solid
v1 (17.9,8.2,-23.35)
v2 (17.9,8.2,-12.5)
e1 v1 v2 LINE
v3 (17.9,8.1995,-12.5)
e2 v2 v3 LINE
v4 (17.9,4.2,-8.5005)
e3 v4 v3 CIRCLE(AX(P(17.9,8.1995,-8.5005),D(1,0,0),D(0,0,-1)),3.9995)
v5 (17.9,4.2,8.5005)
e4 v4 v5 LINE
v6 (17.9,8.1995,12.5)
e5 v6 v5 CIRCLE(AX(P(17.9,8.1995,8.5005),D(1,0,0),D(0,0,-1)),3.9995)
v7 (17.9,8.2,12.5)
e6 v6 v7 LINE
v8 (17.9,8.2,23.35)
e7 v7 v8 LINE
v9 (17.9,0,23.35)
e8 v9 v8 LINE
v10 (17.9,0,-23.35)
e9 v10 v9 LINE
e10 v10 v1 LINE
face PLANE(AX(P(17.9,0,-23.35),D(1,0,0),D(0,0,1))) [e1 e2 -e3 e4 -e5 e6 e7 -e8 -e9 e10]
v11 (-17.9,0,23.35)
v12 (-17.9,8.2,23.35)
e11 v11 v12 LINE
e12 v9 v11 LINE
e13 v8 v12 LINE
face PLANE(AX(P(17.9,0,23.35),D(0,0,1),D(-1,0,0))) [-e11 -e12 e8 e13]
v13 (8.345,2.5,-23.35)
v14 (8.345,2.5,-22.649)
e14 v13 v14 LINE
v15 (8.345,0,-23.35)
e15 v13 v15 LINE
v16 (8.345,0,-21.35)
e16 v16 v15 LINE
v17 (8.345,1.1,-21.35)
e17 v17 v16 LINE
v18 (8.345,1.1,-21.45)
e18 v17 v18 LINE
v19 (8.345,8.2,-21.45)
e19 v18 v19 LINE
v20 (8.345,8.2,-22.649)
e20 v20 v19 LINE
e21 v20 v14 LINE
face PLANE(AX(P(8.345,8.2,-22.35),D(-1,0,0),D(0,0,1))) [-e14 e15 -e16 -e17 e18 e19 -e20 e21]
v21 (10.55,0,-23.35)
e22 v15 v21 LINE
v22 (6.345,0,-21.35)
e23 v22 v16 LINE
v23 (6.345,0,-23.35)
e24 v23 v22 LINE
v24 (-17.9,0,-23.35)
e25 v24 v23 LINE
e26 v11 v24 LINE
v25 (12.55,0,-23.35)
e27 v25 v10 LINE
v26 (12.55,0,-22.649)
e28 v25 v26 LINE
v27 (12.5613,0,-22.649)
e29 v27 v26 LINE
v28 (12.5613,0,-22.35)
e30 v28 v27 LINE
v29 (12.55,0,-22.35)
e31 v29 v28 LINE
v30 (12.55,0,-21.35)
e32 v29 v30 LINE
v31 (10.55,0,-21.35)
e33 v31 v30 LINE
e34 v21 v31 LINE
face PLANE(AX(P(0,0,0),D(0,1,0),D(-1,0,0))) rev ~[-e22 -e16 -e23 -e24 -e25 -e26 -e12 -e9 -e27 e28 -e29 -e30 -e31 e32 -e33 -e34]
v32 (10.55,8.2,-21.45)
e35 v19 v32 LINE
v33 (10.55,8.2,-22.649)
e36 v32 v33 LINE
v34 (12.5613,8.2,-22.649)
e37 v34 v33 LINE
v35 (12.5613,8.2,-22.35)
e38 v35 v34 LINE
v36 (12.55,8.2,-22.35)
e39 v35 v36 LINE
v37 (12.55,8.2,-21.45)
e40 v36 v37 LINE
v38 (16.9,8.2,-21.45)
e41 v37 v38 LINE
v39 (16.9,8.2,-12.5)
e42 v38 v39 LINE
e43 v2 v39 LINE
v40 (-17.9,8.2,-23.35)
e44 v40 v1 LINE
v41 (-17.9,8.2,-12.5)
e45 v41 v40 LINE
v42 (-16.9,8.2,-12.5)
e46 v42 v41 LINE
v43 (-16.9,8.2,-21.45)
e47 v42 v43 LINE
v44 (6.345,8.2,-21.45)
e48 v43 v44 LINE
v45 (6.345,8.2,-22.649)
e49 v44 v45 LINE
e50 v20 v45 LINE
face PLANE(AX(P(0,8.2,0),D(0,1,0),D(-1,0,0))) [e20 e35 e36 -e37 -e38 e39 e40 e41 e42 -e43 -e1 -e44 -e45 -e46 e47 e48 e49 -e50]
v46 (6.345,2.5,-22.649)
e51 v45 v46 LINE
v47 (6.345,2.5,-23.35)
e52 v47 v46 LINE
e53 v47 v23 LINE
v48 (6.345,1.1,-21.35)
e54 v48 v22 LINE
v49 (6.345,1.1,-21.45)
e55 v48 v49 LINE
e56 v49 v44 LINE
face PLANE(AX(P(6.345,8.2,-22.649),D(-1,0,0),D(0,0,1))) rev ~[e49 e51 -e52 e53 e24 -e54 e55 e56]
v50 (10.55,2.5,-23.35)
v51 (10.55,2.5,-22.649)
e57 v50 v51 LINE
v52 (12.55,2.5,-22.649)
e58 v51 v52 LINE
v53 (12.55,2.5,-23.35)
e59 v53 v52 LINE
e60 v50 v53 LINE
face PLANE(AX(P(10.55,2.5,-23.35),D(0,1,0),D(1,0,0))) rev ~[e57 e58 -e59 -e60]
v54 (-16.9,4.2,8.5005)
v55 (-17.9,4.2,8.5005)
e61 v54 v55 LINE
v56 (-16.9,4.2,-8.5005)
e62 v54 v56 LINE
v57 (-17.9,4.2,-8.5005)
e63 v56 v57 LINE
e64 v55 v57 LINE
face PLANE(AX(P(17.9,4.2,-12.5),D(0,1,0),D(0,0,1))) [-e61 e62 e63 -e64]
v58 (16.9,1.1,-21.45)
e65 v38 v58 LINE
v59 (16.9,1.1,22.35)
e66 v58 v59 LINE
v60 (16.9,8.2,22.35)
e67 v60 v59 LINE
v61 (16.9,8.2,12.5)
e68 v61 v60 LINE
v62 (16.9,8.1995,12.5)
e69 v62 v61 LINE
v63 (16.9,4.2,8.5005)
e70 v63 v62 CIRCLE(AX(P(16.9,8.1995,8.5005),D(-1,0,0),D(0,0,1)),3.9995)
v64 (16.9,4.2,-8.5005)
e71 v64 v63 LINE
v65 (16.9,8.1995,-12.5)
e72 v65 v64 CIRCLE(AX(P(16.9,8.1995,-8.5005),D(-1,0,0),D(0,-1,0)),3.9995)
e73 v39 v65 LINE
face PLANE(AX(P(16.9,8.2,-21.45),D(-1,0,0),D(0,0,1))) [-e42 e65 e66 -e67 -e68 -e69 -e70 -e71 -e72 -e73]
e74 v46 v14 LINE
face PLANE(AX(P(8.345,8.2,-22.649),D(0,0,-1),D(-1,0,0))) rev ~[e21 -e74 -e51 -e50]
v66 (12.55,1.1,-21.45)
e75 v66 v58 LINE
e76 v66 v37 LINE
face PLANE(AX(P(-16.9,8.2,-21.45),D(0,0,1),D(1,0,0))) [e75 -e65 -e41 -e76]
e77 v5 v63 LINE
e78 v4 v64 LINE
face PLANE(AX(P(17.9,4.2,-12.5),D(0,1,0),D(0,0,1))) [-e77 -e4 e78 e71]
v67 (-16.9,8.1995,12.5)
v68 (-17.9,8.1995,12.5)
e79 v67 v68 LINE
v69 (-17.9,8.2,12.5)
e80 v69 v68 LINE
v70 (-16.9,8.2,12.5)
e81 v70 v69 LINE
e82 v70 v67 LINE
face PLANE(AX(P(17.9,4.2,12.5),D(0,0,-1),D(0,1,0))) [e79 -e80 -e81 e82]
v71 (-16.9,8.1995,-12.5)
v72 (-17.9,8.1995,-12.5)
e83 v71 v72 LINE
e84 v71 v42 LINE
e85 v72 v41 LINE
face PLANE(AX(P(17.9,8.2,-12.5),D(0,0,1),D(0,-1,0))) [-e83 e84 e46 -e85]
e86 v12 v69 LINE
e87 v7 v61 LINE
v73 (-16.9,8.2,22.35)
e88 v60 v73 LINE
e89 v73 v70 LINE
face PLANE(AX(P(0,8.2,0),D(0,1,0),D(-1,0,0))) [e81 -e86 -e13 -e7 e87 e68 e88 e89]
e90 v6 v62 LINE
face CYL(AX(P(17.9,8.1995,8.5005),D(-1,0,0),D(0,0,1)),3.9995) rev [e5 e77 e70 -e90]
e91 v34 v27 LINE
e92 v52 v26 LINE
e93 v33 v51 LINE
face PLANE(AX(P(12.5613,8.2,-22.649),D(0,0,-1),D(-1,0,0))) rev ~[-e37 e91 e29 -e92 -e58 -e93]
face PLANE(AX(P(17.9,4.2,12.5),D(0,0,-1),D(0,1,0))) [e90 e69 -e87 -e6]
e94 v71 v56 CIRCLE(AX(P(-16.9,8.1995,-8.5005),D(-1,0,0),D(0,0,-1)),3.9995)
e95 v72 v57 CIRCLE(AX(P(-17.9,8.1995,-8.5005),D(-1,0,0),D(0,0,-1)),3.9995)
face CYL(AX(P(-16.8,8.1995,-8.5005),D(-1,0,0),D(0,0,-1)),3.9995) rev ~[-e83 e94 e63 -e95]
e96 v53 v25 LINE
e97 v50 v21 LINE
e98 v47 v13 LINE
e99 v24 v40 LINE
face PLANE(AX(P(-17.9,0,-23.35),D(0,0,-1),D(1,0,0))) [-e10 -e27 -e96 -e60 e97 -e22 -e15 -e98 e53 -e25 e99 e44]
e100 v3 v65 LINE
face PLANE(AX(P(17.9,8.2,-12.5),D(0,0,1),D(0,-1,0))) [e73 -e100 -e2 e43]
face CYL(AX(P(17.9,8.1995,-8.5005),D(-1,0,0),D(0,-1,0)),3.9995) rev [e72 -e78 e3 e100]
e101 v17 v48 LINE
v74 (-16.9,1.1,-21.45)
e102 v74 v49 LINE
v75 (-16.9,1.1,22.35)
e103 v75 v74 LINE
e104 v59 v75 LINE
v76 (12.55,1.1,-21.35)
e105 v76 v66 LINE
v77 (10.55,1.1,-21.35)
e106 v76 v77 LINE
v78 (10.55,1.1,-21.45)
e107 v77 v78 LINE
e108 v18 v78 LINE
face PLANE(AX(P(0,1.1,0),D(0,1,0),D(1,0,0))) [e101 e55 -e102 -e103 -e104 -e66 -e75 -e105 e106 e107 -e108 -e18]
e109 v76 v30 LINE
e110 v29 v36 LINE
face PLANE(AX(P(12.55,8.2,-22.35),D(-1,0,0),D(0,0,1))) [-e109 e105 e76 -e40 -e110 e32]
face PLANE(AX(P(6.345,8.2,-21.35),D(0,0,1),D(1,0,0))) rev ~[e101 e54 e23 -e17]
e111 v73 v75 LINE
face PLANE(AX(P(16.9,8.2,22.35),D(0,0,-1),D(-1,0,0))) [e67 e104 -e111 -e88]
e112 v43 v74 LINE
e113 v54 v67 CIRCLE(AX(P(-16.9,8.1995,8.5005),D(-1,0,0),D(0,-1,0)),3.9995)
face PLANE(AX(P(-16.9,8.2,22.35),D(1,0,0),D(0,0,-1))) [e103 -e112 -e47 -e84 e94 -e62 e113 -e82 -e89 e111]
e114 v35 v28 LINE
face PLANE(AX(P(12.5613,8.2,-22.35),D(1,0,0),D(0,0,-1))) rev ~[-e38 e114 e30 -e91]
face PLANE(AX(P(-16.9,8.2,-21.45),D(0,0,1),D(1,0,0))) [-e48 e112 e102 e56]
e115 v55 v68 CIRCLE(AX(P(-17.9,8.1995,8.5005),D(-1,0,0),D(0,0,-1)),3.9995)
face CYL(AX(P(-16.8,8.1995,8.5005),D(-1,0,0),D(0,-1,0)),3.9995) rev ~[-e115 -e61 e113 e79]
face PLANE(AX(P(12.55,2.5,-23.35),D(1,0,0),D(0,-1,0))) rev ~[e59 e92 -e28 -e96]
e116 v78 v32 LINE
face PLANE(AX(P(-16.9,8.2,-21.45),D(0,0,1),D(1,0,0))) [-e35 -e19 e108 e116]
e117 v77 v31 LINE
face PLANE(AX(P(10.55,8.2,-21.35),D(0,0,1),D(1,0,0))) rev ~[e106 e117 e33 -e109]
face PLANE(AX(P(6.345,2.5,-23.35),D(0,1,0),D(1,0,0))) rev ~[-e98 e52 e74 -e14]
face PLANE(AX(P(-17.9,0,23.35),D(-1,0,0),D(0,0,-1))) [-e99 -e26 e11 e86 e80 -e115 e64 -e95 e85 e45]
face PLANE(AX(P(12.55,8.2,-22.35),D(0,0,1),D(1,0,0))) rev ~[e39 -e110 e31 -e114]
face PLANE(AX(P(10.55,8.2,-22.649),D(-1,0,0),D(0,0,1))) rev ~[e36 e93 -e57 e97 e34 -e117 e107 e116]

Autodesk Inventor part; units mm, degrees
ref_plane "YZ Plane" through (0, 0, 0) normal (1, 0, 0) x (0, 1, 0)
ref_plane "XZ Plane" through (0, 0, 0) normal (0, 1, 0) x (-1, 0, 0)
ref_plane "XY Plane" through (0, 0, 0) normal (0, 0, 1) x (1, 0, 0)
sketch "Sketch1" plane through (0, 0, 0) normal (0, 1, 0) x (-1, 0, 0)
  line L0 (17.9, -23.35) -> (-17.9, -23.35)
  line L1 (-17.9, -23.35) -> (-17.9, 23.35)
  line L2 (-17.9, 23.35) -> (17.9, 23.35)
  line L3 (17.9, 23.35) -> (17.9, -23.35)
  point P0 (0, 0)
  dimension "d0" = 35.8
  dimension "d1" = 46.7
  dimension "d2" = 23.35
  dimension "d3" = 17.9
extrude "Extrusion1" add sketch "Sketch1" along normal blind 8.2
sketch "Sketch2" plane through (0, 8.2, 0) normal (0, 1, 0) x (1, 0, 0)
  line L0 (-16.8, -22.25) -> (16.8, -22.25)
  line L1 (16.8, -22.25) -> (16.8, 21.35)
  line L2 (16.8, 21.35) -> (-16.8, 21.35)
  line L3 (-16.8, 21.35) -> (-16.8, -22.25)
  line L4 (-17.9, -23.35) -> (17.9, -23.35) projected
  line L5 (17.9, -23.35) -> (17.9, 23.35) projected
  line L6 (-17.9, 23.35) -> (-17.9, -23.35) projected
  line L7 (17.9, 23.35) -> (-17.9, 23.35) projected
  point P0 (0, 0)
  dimension "d6" = 1.1
  dimension "d7" = 1.1
  dimension "d8" = 1.1
  dimension "d9" = 2
extrude "Extrusion2" cut sketch "Sketch2" against normal blind 7.1 contours L3 L2 L1 L0
sketch "Sketch6" plane through (17.9, 0, 23.35) normal (1, 0, 0) x (0, 0, -1)
  line L0 (1.1, 8.2) -> (44.7, 8.2) projected
  line L1 (10.85, 8.2) -> (35.85, 8.2)
  line L2 (35.85, 8.2) -> (35.85, 4.2)
  line L3 (35.85, 4.2) -> (10.85, 4.2)
  line L4 (10.85, 4.2) -> (10.85, 8.2)
  line L5 (46.7, 0) -> (46.7, 8.2) projected
  point P0 (23.35, 0)
  dimension "d34" = 25
  dimension "d35" = 10.85
  dimension "d36" = 4
extrude "Extrusion6" cut sketch "Sketch6" against normal through all
fillet "Fillet2" radius 4 4 edges at (17.35, 4.2, 12.5) (-17.35, 4.2, 12.5) (-17.35, 4.2, -12.5) (17.35, 4.2, -12.5)
sketch "Sketch9" plane through (0, 8.2, 0) normal (0, 1, 0) x (1, 0, 0)
  point P0 (0, 0)
sketch "Sketch10" plane through (0, 8.2, 0) normal (0, 1, 0) x (1, 0, 0)
  line L0 (-16.8, 21.35) -> (16.8, 21.35) projected
  line L1 (12.55, 21.35) -> (10.55, 21.35)
  line L2 (10.55, 21.35) -> (10.55, 22.35)
  line L3 (10.55, 22.35) -> (12.55, 22.35)
  line L4 (12.55, 22.35) -> (12.55, 21.35)
  line L5 (8.345, 21.35) -> (6.345, 21.35)
  line L6 (6.345, 21.35) -> (6.345, 22.35)
  line L7 (6.345, 22.35) -> (8.345, 22.35)
  line L8 (8.345, 22.35) -> (8.345, 21.35)
  line L9 (17.9, 23.35) -> (-17.9, 23.35) projected
  line L10 (17.9, 12.5) -> (17.9, 23.35) projected
  point P0 (0, 0)
  dimension "d51" = 2
  dimension "d52" = 2
  dimension "d53" = 2.205
  dimension "d54" = 1
  dimension "d55" = 5.35
extrude "Extrusion9" cut sketch "Sketch10" against normal through all
sketch "Sketch12" plane through (0, 8.2, 0) normal (0, 1, 0) x (1, 0, 0)
  line L0 (6.345, 22.35) -> (8.345, 22.35) projected
  line L1 (6.345, 22.35) -> (8.345, 22.35)
  line L2 (8.345, 22.35) -> (8.345, 22.649)
  line L3 (8.345, 22.649) -> (6.345, 22.649)
  line L4 (6.345, 22.649) -> (6.345, 22.35)
  line L5 (10.55, 22.35) -> (12.55, 22.35) projected
  line L6 (10.55, 22.35) -> (12.5613, 22.35)
  line L7 (12.5613, 22.35) -> (12.5613, 22.649)
  line L8 (12.5613, 22.649) -> (10.55, 22.649)
  line L9 (10.55, 22.649) -> (10.55, 22.35)
  point P0 (0, 0)
extrude "Extrusion11" cut sketch "Sketch12" against normal through all
sketch "Sketch13" plane through (17.9, 0, -23.35) normal (0, 0, -1) x (-1, 0, 0)
  line L0 (7.35, 0) -> (5.35, 0) projected
  line L1 (7.35, 8.2) -> (7.35, 1.1) projected
  line L2 (5.35, 0) -> (7.35, 0)
  line L3 (7.35, 0) -> (7.35, 2.5)
  line L4 (7.35, 2.5) -> (5.35, 2.5)
  line L5 (5.35, 2.5) -> (5.35, 0)
  line L6 (11.555, 0) -> (9.555, 0) projected
  line L7 (11.555, 8.2) -> (11.555, 1.1) projected
  line L8 (9.555, 0) -> (11.555, 0)
  line L9 (11.555, 0) -> (11.555, 2.5)
  line L10 (11.555, 2.5) -> (9.555, 2.5)
  line L11 (9.555, 2.5) -> (9.555, 0)
  point P0 (17.9, 0)
  dimension "d66" = 2.5
extrude "Extrusion12" cut sketch "Sketch13" against normal up to surface (2 mm away)
sketch "Sketch14" plane through (0, 8.2, 0) normal (0, 1, 0) x (1, 0, 0)
  line L0 (-16.9, 21.45) -> (16.9, 21.45)
  line L1 (16.9, 21.45) -> (16.9, -22.35)
  line L2 (16.9, -22.35) -> (-16.9, -22.35)
  line L3 (-16.9, -22.35) -> (-16.9, 21.45)
  line L4 (16.8, -22.25) -> (-16.8, -22.25) projected
  line L5 (-16.8, -22.25) -> (-16.8, -12.5) projected
  line L6 (-16.8, 21.35) -> (6.345, 21.35) projected
  line L7 (16.8, 21.35) -> (16.8, 12.5) projected
  point P0 (0, 0)
  dimension "d69" = 0.1
  dimension "d70" = 0.1
  dimension "d71" = 0.1
  dimension "d72" = 0.1
extrude "Extrusion13" cut sketch "Sketch14" against normal up to surface (7.1 mm away)
properties part number "battery-cover"
